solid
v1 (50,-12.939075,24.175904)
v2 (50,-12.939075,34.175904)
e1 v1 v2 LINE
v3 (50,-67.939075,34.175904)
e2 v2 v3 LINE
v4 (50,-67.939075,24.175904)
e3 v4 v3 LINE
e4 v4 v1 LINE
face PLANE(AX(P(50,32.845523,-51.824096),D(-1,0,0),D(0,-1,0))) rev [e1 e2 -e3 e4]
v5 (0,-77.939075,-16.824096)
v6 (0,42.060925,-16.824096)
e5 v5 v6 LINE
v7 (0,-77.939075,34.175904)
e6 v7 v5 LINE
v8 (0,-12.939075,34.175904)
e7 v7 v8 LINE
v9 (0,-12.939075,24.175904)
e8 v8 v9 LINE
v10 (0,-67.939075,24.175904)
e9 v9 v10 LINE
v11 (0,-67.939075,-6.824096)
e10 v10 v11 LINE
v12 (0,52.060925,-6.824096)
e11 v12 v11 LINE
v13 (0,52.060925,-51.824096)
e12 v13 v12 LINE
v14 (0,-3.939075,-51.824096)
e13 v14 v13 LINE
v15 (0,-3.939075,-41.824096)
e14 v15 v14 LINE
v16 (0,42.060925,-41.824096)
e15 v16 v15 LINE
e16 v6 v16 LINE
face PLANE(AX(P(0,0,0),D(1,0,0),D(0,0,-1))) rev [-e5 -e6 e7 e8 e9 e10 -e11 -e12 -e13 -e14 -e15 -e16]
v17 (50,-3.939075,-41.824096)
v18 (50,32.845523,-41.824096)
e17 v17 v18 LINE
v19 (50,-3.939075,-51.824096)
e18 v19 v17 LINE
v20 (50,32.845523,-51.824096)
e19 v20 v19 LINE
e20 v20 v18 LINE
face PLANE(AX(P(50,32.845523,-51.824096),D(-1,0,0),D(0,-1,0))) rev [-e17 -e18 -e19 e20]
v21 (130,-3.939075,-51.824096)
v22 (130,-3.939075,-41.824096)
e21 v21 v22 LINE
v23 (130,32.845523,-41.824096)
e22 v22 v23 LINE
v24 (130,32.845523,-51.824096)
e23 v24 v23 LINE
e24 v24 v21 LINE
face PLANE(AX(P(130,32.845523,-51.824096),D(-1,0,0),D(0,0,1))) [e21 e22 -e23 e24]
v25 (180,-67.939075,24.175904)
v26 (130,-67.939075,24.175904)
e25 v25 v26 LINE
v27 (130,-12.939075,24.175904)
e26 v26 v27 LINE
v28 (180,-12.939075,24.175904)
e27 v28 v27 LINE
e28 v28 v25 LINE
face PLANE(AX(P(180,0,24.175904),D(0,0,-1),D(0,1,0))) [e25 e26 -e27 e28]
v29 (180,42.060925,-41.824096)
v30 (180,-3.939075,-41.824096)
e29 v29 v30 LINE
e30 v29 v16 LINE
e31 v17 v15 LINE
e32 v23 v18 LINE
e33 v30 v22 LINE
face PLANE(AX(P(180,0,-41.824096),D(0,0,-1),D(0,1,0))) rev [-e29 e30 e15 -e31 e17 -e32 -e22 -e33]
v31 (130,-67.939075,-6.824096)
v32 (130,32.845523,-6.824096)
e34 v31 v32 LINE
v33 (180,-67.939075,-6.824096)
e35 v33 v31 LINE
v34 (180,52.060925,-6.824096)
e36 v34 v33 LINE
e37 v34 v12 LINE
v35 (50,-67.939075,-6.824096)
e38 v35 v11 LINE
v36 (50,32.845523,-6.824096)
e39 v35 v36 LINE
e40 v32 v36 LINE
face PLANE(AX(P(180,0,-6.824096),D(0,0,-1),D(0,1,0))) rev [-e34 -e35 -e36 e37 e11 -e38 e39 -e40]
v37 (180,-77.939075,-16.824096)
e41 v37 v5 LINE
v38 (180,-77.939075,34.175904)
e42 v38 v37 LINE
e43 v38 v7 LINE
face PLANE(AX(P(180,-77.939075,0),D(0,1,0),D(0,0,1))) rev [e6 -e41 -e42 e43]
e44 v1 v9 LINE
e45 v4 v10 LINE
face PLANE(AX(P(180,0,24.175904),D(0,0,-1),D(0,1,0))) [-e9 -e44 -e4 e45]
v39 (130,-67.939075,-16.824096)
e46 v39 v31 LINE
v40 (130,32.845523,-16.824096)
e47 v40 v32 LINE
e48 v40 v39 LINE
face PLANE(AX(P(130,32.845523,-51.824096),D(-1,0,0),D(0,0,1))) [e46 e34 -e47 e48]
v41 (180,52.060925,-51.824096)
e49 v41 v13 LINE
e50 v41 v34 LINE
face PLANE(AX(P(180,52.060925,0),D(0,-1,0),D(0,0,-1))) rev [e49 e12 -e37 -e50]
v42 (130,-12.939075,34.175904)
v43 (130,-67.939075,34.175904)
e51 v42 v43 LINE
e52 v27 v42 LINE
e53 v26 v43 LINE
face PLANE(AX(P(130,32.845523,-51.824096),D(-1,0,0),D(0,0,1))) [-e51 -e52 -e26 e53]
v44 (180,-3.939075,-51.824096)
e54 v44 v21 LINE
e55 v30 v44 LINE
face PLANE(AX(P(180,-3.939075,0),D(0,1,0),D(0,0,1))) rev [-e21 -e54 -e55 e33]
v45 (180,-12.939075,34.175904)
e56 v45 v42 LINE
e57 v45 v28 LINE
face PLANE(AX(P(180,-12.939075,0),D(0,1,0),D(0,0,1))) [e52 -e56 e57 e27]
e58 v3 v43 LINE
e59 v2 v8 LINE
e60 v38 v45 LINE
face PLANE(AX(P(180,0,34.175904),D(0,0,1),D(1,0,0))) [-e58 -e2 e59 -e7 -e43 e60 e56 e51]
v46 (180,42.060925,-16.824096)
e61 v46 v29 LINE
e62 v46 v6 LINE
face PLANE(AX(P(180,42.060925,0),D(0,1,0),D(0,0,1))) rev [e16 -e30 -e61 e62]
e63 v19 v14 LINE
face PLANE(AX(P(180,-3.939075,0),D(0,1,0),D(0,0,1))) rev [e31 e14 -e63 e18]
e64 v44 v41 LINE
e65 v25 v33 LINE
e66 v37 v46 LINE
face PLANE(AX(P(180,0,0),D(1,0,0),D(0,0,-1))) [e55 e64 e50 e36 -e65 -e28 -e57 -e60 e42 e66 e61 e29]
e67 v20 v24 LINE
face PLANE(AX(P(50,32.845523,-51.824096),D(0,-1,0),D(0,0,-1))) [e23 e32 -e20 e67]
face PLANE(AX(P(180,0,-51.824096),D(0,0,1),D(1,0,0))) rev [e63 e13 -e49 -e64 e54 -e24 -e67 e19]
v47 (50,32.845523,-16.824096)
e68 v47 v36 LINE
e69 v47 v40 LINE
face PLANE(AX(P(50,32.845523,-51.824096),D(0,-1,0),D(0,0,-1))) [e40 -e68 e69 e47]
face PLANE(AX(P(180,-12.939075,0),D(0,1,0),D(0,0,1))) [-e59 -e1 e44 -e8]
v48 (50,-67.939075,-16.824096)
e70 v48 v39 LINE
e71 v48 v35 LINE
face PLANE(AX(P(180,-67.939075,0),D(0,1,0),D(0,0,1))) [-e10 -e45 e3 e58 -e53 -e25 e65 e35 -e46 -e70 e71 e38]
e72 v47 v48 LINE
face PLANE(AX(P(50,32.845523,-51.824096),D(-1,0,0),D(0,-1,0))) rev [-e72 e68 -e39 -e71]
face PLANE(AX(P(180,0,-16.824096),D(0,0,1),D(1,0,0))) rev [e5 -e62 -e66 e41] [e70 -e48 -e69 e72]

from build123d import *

# Parameters (mm, degrees)
BOSS_EXTRUDE1_DEPTH     = 180
CUT_EXTRUDE1_DEPTH      = 202.244874193
CUT_EXTRUDE1_DEPTH_BACK = 202.244874193
SKETCH3_W               = 80
SKETCH3_H               = 100.784598353


with BuildPart() as part:
    # Sketch1 → Boss-Extrude1 (new body)
    with BuildSketch(Plane(origin=(0, 0, 0), x_dir=(0, 0, -1), z_dir=(1, 0, 0))):
        Polygon((41.824095604, 42.060925147), (41.824095604, -3.939074853), (51.824095604, -3.939074853), (51.824095604, 52.060925147), (6.824095604, 52.060925147), (6.824095604, -77.939074853), (16.824095604, -77.939074853), (16.824095604, 42.060925147), align=None)
        Polygon((6.824095604, -77.939074853), (6.824095604, -67.939074853), (-24.175904396, -67.939074853), (-24.175904396, -12.939074853), (-34.175904396, -12.939074853), (-34.175904396, -77.939074853), align=None)
    extrude(amount=BOSS_EXTRUDE1_DEPTH)

    # Sketch3 → Cut-Extrude1 (cut, two sides: drawn at the far end of the back side and taken through both)
    with BuildSketch(Plane.XY.offset(-6.824095604).offset(-CUT_EXTRUDE1_DEPTH_BACK)):
        with Locations((90, -17.546775677)):
            Rectangle(SKETCH3_W, SKETCH3_H)
    extrude(amount=CUT_EXTRUDE1_DEPTH + CUT_EXTRUDE1_DEPTH_BACK, mode=Mode.SUBTRACT)


solid = part.part
